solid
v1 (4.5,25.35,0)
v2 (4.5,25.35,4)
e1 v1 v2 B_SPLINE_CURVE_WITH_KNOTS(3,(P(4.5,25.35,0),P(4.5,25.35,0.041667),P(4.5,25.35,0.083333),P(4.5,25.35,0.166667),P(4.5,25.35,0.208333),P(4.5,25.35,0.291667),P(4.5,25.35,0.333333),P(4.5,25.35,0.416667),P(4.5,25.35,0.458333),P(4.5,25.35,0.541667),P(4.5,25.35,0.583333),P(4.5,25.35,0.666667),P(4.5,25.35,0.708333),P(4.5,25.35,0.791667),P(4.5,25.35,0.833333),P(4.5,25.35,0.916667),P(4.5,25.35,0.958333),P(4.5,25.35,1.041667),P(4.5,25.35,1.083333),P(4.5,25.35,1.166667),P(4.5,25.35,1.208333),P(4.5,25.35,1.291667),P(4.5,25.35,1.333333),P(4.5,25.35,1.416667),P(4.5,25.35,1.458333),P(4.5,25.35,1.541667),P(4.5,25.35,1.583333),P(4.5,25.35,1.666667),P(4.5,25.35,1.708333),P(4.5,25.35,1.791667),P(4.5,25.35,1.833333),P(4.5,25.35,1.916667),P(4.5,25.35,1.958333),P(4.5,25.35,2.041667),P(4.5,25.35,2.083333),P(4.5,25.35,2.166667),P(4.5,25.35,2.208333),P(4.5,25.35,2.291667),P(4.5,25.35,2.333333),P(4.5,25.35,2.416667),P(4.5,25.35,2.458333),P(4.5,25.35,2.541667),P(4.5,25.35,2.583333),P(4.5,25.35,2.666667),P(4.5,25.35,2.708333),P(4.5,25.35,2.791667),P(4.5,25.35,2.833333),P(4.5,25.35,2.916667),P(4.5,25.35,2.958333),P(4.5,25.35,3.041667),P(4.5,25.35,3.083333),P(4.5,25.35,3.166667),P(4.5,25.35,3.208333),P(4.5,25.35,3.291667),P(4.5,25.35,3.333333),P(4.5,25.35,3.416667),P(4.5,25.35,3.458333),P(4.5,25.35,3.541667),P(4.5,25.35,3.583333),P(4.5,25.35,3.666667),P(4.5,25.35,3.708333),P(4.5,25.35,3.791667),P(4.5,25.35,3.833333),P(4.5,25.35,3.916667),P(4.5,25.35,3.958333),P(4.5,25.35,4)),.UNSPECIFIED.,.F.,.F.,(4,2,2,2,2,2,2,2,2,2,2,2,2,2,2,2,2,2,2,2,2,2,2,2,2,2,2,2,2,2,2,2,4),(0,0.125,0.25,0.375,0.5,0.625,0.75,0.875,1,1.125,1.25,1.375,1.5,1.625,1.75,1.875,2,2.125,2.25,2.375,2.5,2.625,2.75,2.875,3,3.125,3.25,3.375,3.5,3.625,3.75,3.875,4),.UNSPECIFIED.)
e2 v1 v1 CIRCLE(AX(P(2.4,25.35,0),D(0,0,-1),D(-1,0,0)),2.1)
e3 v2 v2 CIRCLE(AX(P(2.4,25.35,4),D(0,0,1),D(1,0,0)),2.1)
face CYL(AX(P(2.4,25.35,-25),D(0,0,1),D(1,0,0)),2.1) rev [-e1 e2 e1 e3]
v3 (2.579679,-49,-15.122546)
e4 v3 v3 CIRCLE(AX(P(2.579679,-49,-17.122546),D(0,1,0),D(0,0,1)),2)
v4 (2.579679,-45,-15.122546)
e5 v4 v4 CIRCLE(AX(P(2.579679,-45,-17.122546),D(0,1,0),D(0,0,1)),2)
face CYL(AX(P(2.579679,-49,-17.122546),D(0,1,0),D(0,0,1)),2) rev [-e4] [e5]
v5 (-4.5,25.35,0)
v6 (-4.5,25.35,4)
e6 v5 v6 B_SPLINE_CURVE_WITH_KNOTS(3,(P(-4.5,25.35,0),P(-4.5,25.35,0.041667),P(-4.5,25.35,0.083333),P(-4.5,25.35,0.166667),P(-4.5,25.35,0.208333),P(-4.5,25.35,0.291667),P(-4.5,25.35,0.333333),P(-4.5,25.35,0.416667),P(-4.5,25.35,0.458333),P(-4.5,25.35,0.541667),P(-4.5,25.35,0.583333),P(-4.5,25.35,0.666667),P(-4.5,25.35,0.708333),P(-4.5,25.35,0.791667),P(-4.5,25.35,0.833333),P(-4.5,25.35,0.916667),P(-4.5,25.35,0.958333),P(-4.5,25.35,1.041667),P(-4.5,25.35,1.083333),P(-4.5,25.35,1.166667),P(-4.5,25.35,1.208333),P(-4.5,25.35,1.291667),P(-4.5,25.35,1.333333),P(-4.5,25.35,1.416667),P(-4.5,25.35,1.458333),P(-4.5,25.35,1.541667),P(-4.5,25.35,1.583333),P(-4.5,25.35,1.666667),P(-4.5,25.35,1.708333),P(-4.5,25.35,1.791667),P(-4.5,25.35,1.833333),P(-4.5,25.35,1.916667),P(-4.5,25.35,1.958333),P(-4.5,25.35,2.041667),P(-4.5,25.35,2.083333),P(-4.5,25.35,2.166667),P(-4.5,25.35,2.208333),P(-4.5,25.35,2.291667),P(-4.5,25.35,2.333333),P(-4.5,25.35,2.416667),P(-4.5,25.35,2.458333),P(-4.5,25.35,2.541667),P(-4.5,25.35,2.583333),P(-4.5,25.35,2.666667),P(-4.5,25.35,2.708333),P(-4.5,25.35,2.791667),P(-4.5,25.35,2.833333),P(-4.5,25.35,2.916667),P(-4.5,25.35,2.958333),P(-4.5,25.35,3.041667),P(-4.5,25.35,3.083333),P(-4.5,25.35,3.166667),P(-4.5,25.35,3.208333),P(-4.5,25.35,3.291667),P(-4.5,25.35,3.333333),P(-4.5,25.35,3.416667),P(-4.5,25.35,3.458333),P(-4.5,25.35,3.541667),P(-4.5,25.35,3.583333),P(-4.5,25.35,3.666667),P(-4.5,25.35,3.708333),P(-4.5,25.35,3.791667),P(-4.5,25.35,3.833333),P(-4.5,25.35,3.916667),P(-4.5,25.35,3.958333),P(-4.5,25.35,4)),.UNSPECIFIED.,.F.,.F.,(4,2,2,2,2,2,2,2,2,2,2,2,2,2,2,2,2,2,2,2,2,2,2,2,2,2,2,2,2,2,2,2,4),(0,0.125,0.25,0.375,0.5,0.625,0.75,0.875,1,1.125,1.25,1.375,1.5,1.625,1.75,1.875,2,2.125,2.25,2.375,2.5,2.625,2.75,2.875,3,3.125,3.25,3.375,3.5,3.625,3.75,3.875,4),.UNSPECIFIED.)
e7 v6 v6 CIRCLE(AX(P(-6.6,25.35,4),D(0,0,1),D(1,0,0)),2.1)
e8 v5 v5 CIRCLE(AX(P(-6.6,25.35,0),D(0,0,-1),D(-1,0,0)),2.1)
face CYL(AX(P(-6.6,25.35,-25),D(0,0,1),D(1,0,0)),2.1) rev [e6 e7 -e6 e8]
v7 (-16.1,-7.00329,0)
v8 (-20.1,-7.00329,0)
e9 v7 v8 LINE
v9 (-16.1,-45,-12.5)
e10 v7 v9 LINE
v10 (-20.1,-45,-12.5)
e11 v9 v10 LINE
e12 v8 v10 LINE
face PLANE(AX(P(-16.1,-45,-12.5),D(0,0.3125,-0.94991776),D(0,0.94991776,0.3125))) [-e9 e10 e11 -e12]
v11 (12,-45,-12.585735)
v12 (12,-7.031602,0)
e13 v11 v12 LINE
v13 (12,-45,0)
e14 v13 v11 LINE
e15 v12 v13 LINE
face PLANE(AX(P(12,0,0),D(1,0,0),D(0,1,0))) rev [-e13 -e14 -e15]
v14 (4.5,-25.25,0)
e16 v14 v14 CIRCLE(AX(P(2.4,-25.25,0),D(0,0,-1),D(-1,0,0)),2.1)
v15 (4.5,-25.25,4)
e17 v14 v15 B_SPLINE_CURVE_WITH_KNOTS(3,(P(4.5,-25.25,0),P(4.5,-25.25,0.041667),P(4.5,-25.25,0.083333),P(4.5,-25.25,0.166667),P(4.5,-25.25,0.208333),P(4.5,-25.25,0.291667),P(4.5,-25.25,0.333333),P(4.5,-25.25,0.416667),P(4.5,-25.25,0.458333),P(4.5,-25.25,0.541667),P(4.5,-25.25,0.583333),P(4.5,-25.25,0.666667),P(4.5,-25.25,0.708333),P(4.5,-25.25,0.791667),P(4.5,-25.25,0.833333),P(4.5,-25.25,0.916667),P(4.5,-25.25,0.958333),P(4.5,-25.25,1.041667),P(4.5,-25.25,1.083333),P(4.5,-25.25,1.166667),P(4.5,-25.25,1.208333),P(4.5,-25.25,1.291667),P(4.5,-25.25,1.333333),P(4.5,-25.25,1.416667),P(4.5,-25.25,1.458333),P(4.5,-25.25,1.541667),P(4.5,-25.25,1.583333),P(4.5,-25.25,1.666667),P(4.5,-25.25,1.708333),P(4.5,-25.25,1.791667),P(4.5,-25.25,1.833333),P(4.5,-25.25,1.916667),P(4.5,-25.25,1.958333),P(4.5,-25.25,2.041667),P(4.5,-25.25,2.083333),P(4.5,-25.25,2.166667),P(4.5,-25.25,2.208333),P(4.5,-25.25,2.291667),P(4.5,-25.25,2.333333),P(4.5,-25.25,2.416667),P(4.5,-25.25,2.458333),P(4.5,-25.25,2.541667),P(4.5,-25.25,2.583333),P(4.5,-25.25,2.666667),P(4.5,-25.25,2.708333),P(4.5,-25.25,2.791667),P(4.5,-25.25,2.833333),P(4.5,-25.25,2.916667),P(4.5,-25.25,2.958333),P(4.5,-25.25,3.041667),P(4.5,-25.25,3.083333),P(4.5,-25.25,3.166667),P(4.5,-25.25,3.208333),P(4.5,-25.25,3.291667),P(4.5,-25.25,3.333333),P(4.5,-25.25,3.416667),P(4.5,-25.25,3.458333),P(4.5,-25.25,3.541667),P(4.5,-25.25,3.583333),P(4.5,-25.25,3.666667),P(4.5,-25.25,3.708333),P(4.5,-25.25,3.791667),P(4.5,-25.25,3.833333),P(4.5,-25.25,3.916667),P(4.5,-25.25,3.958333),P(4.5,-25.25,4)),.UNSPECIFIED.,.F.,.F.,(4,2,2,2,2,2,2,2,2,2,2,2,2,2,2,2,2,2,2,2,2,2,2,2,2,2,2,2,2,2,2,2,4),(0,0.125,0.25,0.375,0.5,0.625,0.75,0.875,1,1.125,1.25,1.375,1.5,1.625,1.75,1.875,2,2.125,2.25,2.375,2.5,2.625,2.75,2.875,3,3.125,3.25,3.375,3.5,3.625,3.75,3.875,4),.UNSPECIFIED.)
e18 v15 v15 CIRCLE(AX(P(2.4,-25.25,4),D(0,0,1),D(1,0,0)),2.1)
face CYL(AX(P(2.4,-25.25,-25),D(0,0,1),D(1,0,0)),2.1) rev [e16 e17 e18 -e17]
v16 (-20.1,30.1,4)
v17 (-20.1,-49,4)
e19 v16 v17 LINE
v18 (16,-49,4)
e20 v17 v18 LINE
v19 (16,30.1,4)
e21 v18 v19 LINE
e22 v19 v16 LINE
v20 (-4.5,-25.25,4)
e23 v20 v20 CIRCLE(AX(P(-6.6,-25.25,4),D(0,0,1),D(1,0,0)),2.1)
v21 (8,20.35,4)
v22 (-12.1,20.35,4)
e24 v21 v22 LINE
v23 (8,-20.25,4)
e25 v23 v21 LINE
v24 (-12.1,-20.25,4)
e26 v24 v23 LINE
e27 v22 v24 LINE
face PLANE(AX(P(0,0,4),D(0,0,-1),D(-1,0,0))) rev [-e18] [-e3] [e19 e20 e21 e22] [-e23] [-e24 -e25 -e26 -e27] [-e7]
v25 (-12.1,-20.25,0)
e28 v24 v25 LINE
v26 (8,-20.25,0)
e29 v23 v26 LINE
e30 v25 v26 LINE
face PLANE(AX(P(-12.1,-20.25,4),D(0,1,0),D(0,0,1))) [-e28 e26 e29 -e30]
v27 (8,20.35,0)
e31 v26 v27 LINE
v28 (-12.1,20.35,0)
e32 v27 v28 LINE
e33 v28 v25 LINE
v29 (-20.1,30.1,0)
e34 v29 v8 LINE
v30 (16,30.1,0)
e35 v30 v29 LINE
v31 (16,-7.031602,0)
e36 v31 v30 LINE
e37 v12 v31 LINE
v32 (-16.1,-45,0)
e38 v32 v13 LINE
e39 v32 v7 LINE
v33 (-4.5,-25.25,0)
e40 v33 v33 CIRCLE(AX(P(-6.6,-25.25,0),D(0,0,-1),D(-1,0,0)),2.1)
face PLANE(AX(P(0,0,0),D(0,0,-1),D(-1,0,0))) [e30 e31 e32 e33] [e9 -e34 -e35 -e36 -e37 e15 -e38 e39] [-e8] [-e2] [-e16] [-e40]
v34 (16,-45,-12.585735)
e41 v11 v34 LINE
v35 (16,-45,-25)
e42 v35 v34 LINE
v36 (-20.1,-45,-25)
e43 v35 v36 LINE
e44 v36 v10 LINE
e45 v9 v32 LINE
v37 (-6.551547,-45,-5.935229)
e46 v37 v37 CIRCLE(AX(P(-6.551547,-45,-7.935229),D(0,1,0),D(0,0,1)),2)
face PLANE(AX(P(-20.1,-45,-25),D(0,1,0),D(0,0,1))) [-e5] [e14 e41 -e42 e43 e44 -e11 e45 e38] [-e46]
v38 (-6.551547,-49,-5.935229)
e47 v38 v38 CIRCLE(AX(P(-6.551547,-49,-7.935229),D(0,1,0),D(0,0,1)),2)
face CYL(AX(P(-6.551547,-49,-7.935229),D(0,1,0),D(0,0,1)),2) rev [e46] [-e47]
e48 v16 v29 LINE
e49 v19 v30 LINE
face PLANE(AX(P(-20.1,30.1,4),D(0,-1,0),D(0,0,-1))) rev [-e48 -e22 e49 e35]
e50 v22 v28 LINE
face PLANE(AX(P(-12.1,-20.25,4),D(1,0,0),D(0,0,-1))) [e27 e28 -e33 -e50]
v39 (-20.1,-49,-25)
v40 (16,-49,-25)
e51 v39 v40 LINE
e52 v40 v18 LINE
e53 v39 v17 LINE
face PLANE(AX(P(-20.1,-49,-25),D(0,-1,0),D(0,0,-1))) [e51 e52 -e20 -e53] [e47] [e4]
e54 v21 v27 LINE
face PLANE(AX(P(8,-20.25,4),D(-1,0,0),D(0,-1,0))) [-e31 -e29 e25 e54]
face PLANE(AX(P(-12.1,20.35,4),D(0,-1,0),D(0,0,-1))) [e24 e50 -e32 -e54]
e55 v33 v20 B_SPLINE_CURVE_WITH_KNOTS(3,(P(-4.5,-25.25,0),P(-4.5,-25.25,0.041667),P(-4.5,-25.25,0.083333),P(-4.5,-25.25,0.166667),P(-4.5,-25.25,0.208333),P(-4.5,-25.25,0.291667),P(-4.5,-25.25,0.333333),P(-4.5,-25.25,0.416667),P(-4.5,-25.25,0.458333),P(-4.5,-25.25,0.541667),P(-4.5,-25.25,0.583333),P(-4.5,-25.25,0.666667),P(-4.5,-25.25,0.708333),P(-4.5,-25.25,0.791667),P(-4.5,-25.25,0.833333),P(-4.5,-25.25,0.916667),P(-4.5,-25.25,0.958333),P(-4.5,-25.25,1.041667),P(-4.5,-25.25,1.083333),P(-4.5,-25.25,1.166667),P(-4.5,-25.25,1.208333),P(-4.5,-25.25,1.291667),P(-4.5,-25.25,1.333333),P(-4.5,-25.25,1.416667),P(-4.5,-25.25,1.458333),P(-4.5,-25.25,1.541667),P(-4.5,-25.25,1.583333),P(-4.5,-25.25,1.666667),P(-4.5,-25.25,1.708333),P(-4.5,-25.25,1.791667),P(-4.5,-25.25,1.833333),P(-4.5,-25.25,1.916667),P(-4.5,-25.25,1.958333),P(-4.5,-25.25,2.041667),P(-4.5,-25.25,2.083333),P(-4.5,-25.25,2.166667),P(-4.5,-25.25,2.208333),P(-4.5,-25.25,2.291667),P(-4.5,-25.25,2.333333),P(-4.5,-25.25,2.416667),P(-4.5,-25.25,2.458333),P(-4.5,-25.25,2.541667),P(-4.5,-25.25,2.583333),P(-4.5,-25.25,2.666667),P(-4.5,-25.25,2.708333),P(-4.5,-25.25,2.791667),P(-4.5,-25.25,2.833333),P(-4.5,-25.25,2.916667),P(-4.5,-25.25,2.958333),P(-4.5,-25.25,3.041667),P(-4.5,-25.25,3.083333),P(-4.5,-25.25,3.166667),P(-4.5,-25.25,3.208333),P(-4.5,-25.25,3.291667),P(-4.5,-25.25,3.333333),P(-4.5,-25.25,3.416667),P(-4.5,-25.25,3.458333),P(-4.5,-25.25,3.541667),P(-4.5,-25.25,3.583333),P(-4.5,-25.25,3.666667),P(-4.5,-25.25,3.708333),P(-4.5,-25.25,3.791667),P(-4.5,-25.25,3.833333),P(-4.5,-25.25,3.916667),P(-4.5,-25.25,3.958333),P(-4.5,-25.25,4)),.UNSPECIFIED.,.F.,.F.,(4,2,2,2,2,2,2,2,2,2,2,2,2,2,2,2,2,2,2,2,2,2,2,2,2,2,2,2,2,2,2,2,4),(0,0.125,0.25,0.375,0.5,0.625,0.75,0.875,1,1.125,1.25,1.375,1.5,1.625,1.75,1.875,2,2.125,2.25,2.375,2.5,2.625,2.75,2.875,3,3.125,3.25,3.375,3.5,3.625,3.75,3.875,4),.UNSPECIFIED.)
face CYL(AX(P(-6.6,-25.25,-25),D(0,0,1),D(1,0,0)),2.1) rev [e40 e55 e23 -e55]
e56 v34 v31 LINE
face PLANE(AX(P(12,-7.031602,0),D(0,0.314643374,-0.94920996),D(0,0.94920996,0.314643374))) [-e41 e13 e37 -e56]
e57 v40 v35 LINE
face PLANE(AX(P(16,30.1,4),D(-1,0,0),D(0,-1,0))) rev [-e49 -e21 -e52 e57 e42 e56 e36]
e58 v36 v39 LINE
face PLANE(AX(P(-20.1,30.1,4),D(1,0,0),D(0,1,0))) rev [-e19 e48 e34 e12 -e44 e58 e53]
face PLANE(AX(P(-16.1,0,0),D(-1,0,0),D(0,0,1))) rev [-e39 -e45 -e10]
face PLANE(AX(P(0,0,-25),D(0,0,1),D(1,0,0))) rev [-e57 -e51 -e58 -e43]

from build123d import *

# Parameters (mm, degrees)
SKETCH1_W           = 36.1
SKETCH1_H           = 75.1
SKETCH1_W_2         = 20.1
SKETCH1_H_2         = 40.6
BOSS_EXTRUDE1_DEPTH = 4
SKETCH3_W           = 36.1
SKETCH3_H           = 4
BOSS_EXTRUDE3_DEPTH = 29
BOSS_EXTRUDE4_DEPTH = 4
BOSS_EXTRUDE5_DEPTH = 4
SKETCH12_R          = 2
CUT_EXTRUDE2_DEPTH  = 4
SKETCH16_R          = 2.1
CUT_EXTRUDE3_DEPTH  = 61.382199364


with BuildPart() as part:
    # Sketch1 → Boss-Extrude1 (new body)
    with BuildSketch(Plane.XY):
        with Locations((-2.05, -7.45)):
            Rectangle(SKETCH1_W, SKETCH1_H)
        with Locations((-2.05, 0.05)):
            Rectangle(SKETCH1_W_2, SKETCH1_H_2, mode=Mode.SUBTRACT)
    extrude(amount=BOSS_EXTRUDE1_DEPTH)

    # Sketch3 → Boss-Extrude3 (add)
    with BuildSketch(Plane.XY.offset(4)):
        with Locations((-2.05, -47)):
            Rectangle(SKETCH3_W, SKETCH3_H)
    extrude(amount=-BOSS_EXTRUDE3_DEPTH)

    # Sketch9 → Boss-Extrude4 (add)
    with BuildSketch(Plane(origin=(16, 0, 0), x_dir=(0, 0, -1), z_dir=(1, 0, 0))):
        Polygon((0, -7.031601619), (12.585734956, -45), (0, -45), align=None)
    extrude(amount=-BOSS_EXTRUDE4_DEPTH)

    # Sketch11 → Boss-Extrude5 (add)
    with BuildSketch(Plane.ZY.offset(20.1)):
        Polygon((-12.5, -45), (0, -7.003289616), (0, -45), align=None)
    extrude(amount=-BOSS_EXTRUDE5_DEPTH)

    # Sketch12 → Cut-Extrude2 (cut)
    with BuildSketch(Plane(origin=(0, -45, 0), x_dir=(1, 0, 0), z_dir=(0, 1, 0))):
        with Locations(Location((2.57967866, 17.122546138, 0), (0, 0, 270))):
            Circle(SKETCH12_R)
        with Locations(Location((-6.551547439, 7.935229344, 0), (0, 0, 270))):
            Circle(SKETCH12_R)
    extrude(amount=-CUT_EXTRUDE2_DEPTH, mode=Mode.SUBTRACT)

    # Sketch16 → Cut-Extrude3 (cut, through all)
    with BuildSketch(Plane.XY.offset(4)):
        with Locations((-6.6, 25.35)):
            Circle(SKETCH16_R)
        with Locations((2.4, 25.35)):
            Circle(SKETCH16_R)
        with Locations((-6.6, -25.25)):
            Circle(SKETCH16_R)
        with Locations((2.4, -25.25)):
            Circle(SKETCH16_R)
    extrude(amount=-CUT_EXTRUDE3_DEPTH, mode=Mode.SUBTRACT)


solid = part.part
